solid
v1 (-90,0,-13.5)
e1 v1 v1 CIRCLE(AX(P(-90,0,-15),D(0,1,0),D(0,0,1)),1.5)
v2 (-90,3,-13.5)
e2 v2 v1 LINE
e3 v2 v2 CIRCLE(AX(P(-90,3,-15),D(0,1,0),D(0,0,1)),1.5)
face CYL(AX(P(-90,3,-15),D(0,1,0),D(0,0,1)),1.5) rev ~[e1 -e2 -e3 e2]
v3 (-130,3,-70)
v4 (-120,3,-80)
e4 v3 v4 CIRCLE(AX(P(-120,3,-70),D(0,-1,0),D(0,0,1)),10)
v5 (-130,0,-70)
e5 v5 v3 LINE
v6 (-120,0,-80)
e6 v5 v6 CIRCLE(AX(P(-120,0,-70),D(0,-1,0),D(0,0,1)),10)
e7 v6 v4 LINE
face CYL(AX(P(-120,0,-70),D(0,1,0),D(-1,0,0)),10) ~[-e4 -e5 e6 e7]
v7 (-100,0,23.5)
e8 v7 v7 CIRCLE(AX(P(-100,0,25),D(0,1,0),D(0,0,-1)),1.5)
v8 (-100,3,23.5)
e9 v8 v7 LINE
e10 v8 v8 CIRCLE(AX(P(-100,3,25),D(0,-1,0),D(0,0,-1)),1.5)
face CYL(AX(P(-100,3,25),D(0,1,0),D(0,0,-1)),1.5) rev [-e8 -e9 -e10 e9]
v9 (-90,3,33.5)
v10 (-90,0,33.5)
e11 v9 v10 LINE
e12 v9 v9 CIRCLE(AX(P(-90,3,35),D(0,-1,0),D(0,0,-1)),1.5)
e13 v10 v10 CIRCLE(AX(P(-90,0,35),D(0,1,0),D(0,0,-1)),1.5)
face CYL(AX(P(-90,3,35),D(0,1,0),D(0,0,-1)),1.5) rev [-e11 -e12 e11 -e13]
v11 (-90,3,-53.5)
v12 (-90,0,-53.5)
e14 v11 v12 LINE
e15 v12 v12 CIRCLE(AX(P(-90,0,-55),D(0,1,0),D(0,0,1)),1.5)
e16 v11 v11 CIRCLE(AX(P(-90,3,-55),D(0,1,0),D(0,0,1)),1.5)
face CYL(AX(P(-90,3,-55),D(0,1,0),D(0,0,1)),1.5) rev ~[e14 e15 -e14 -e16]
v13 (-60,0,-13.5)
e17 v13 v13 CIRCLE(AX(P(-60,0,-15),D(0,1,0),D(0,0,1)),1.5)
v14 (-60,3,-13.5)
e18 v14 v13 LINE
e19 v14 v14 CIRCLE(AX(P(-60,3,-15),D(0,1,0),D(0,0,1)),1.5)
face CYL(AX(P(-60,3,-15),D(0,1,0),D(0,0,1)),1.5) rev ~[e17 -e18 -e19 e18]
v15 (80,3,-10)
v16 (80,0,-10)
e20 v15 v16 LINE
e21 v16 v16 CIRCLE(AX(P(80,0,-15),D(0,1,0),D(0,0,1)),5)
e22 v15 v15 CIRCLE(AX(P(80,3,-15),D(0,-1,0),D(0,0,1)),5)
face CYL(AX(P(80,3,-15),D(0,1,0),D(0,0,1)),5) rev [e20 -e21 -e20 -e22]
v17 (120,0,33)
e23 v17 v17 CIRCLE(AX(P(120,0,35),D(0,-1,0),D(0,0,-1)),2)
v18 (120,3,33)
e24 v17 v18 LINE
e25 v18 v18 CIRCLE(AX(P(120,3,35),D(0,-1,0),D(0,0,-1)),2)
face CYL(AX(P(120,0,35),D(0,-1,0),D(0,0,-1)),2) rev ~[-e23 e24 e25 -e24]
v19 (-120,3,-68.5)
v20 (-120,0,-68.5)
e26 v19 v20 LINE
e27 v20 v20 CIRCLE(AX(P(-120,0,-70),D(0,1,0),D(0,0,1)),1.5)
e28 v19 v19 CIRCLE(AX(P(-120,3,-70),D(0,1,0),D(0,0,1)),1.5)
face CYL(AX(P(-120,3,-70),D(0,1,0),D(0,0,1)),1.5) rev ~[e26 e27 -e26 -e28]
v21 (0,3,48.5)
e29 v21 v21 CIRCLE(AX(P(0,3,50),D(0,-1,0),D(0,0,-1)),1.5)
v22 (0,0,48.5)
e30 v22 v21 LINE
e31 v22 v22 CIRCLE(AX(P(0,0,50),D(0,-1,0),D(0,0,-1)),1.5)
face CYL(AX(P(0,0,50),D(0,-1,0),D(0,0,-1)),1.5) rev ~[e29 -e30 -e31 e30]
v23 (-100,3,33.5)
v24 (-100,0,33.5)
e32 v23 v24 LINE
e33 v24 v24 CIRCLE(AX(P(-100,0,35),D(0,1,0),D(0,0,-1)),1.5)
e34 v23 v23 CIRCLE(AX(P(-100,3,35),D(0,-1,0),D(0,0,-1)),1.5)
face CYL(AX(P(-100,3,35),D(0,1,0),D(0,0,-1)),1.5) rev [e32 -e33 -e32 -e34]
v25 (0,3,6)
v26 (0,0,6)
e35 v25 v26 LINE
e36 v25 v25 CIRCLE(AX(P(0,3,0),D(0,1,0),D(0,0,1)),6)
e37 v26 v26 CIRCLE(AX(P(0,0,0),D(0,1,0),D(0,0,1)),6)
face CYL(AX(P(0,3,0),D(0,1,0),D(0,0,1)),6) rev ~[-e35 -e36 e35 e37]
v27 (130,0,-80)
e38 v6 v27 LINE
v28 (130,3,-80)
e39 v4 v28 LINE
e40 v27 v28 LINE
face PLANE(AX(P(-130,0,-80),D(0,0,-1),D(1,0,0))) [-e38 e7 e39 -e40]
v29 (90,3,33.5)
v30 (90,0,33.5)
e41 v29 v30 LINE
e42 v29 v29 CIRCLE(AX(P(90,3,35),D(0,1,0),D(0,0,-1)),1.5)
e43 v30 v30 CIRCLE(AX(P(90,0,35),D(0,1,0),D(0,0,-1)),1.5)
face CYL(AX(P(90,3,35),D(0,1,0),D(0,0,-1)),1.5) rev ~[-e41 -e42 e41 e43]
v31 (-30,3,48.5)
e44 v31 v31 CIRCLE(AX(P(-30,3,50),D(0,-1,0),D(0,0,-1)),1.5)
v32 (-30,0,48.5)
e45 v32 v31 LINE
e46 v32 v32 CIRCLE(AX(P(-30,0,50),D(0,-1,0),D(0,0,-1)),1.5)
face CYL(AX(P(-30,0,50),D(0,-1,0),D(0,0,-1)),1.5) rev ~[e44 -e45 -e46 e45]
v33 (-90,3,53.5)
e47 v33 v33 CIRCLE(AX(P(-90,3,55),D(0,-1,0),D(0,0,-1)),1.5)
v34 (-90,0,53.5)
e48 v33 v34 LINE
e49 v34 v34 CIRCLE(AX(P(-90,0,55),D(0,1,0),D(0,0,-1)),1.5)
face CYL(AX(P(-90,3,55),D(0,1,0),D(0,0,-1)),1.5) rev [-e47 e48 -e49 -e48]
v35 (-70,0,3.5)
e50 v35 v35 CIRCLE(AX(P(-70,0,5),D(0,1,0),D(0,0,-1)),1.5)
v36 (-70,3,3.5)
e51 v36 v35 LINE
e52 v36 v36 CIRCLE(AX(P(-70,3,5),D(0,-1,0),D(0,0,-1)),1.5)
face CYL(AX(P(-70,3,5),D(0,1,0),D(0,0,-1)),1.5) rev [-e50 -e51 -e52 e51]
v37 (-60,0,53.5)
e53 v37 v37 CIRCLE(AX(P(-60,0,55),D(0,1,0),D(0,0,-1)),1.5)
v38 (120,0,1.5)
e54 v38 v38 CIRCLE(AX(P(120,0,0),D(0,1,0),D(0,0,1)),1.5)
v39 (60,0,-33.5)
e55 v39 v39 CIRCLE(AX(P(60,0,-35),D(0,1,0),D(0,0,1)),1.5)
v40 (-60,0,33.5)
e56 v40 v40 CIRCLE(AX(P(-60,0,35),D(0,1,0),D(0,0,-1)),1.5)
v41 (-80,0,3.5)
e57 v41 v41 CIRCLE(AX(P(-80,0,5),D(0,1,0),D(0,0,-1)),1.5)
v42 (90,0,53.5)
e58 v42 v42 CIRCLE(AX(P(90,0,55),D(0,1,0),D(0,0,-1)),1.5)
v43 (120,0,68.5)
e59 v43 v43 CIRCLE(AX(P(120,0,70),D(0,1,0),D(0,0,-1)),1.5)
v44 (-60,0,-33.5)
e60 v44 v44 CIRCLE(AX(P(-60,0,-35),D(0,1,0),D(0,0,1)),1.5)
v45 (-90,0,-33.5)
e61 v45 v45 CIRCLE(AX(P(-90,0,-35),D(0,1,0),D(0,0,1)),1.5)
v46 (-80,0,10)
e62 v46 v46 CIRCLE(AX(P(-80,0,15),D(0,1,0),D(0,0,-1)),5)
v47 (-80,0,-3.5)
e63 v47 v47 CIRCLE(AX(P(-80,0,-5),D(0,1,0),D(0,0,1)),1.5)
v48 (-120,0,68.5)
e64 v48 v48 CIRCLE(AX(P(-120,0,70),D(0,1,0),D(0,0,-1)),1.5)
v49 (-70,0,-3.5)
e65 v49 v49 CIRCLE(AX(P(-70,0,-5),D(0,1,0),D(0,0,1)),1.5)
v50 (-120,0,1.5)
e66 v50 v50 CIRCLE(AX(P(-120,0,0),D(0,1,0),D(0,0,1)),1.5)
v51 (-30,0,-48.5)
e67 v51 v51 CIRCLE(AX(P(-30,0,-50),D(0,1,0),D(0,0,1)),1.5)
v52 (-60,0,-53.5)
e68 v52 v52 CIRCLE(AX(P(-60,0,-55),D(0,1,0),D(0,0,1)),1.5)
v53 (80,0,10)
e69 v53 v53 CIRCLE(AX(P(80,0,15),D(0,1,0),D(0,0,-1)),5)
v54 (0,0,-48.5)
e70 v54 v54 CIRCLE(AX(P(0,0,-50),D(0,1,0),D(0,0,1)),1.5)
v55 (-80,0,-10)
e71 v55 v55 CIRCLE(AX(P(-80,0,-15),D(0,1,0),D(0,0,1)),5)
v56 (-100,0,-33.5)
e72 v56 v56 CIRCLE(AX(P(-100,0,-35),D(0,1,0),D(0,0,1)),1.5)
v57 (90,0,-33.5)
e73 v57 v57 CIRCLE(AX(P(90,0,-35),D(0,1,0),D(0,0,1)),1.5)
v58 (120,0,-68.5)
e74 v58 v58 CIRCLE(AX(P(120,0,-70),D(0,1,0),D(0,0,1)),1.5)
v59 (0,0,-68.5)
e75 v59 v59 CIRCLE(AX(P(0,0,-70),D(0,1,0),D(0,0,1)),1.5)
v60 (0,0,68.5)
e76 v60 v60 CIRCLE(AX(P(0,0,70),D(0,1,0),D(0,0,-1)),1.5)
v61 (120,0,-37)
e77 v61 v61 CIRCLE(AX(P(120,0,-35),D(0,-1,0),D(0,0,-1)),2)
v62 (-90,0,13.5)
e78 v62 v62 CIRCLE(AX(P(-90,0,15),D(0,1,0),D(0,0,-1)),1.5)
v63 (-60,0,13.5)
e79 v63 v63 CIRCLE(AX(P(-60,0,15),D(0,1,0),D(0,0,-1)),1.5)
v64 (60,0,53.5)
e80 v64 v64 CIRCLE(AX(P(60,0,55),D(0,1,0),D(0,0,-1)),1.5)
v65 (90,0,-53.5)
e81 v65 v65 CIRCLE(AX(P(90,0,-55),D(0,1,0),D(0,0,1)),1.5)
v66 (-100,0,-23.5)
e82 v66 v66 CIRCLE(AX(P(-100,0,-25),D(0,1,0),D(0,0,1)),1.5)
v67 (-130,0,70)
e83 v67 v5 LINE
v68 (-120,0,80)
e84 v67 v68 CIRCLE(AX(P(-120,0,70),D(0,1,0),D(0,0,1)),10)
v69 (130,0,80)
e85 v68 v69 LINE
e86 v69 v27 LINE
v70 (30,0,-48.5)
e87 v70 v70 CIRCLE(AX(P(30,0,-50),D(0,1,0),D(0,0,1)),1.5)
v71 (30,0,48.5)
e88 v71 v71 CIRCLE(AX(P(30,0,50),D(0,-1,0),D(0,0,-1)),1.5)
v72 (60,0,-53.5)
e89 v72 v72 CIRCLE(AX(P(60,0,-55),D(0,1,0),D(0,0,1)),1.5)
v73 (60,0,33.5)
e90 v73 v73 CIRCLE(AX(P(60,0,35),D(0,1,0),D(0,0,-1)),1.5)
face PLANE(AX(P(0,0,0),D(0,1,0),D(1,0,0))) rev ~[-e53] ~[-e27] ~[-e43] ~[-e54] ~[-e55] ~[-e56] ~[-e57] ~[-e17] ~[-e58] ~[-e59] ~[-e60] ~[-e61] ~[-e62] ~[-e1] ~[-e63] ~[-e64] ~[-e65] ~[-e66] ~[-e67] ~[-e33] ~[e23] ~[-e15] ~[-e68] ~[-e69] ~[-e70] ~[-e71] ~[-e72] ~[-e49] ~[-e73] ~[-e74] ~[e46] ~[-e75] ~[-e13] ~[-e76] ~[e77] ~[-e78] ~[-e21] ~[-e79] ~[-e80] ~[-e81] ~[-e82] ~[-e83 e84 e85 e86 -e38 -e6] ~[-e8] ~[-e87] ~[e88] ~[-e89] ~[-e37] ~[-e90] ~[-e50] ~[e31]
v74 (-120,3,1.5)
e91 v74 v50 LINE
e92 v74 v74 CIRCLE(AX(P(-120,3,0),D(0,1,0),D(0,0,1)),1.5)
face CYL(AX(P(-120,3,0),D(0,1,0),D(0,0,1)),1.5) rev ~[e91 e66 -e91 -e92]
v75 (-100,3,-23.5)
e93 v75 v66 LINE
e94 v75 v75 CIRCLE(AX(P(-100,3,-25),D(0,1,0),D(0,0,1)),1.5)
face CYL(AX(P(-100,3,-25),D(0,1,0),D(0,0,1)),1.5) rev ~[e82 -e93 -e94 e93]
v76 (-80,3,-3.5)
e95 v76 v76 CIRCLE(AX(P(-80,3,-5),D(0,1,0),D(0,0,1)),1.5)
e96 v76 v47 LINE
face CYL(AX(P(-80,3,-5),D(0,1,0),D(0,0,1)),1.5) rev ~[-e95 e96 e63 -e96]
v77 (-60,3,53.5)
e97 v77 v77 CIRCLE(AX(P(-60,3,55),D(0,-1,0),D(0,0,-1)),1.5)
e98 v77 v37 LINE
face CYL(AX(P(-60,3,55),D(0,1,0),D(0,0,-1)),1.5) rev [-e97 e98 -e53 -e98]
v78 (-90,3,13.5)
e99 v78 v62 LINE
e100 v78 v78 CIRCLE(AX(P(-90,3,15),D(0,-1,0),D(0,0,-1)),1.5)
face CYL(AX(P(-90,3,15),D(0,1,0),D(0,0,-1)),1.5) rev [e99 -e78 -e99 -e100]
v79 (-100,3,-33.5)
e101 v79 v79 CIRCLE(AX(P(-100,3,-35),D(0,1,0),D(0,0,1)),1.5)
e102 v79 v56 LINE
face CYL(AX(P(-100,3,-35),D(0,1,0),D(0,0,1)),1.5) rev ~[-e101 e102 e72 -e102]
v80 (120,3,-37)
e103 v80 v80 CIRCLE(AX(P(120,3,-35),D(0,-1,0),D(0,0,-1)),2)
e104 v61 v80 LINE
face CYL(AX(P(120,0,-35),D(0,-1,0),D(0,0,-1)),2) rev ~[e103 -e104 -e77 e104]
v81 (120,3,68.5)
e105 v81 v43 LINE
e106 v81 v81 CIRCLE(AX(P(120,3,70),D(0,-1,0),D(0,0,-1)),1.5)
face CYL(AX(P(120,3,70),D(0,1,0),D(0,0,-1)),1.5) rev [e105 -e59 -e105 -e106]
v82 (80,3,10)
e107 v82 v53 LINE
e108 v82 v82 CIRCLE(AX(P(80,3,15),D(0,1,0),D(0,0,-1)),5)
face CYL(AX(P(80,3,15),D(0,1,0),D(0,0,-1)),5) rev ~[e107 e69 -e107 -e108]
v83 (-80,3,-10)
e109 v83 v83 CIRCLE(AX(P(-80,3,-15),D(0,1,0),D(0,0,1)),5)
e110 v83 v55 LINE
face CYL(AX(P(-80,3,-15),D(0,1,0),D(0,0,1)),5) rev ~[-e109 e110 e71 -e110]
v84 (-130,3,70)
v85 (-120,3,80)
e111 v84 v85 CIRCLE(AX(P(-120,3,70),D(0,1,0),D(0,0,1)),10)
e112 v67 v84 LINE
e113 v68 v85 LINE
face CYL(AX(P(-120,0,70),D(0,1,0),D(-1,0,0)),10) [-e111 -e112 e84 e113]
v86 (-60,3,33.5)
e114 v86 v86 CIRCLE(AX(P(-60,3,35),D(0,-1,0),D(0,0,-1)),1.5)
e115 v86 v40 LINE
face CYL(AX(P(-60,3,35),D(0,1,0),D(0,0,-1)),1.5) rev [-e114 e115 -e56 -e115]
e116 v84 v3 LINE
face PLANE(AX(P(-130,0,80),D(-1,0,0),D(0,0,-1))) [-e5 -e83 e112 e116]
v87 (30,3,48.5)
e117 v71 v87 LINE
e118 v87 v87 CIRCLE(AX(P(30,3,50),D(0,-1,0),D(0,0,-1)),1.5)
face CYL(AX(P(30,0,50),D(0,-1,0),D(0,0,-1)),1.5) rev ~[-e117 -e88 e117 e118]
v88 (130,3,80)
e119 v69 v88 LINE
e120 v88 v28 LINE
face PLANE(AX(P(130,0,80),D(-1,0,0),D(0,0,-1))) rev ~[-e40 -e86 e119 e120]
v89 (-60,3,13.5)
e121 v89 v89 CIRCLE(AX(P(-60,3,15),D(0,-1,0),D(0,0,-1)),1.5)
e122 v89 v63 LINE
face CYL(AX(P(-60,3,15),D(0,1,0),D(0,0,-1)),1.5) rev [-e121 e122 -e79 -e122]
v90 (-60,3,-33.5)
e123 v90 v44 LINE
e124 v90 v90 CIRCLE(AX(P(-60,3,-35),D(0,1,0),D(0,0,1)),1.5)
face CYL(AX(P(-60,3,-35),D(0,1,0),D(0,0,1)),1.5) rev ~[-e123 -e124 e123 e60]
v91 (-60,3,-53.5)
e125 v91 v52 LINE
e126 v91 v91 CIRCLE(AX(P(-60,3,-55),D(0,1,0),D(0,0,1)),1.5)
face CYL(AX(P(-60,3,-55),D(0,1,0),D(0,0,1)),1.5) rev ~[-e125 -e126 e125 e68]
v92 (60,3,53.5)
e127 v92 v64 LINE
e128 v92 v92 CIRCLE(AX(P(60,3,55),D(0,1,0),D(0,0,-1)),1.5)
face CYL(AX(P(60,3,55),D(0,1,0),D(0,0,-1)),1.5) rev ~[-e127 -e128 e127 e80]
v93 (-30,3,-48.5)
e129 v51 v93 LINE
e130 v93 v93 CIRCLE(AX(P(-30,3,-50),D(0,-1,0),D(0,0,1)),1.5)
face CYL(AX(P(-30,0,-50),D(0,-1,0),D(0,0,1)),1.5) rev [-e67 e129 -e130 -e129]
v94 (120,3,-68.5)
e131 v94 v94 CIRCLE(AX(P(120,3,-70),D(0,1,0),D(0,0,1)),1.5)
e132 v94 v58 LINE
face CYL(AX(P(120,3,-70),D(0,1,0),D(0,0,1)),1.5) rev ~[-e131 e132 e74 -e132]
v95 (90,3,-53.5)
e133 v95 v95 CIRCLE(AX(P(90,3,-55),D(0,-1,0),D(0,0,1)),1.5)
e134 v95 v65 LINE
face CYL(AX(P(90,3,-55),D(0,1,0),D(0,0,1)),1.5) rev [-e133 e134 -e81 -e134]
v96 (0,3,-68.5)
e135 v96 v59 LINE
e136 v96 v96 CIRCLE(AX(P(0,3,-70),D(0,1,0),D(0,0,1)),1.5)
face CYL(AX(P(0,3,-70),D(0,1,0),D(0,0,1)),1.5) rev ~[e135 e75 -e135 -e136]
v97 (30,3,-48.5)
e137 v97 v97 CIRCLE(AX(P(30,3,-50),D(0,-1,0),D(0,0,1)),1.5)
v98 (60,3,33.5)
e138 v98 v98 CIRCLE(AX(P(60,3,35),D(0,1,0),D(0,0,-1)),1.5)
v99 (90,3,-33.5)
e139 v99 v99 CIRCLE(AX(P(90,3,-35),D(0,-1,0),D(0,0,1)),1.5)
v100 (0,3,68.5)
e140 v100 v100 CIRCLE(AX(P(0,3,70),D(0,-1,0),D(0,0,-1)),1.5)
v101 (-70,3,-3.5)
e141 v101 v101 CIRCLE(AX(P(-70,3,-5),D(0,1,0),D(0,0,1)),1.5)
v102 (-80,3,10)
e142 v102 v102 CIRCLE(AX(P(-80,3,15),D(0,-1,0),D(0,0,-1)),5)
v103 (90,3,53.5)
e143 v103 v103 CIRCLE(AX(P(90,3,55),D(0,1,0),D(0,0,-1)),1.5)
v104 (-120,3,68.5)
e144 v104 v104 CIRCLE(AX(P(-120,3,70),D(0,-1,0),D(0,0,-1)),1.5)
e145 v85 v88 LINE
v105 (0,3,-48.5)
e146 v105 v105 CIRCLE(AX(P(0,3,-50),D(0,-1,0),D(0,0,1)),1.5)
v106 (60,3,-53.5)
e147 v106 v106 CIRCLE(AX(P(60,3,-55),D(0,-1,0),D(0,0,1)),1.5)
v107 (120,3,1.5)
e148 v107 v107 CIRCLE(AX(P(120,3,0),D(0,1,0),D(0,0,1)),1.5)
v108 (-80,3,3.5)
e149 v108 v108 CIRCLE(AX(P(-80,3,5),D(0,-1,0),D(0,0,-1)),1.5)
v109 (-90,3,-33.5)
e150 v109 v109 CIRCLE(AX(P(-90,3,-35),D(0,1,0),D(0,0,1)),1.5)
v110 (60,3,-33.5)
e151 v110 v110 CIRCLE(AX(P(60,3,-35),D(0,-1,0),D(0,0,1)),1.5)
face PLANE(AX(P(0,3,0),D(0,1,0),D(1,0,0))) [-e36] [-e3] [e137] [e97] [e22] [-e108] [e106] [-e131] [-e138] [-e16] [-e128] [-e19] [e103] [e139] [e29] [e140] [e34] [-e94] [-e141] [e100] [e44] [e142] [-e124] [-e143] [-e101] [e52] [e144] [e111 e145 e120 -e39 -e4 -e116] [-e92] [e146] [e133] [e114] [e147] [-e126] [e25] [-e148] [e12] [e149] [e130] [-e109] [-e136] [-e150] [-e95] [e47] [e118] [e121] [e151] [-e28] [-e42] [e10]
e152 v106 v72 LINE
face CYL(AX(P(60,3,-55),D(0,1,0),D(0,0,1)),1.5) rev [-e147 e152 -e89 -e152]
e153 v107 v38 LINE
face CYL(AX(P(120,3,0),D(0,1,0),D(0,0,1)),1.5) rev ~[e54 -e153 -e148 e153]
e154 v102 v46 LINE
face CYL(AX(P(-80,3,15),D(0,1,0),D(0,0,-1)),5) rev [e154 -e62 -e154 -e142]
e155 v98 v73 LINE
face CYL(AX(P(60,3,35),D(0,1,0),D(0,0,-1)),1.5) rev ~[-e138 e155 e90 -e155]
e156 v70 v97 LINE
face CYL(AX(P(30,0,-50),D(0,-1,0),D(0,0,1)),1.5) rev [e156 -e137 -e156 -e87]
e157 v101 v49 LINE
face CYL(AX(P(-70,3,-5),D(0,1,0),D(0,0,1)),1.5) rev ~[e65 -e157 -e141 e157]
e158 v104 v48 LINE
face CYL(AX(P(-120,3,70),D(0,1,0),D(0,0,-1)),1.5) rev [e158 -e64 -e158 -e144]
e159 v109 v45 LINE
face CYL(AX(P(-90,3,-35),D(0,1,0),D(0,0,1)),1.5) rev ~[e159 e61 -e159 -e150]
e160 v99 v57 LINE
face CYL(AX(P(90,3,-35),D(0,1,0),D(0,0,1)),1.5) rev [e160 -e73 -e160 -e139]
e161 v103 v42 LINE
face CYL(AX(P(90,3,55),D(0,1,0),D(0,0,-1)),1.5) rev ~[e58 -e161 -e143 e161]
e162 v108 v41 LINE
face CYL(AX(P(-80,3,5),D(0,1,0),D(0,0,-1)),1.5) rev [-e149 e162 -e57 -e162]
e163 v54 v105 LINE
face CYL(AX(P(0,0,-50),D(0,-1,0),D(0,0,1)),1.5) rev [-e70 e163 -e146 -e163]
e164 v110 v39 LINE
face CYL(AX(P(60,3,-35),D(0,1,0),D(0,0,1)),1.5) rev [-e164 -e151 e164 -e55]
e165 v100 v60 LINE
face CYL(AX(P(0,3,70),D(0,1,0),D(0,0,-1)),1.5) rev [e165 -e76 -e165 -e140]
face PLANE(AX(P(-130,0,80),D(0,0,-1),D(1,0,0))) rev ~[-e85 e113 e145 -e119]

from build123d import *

# Parameters (mm, degrees)
SKETCH_1_W                 = 260
SKETCH_1_H                 = 160
EXTRUDE_1_DEPTH            = 3
SKETCH_2_R                 = 1.5
SKETCH_2_R_2               = 5
CUT_EXTRUDE_1_DEPTH        = 10
MIRROR_2_COPY_1_SKETCH_R   = 1.5
MIRROR_2_COPY_1_SKETCH_R_2 = 5
MIRROR_2_COPY_1_DEPTH      = 10
SKETCH_3_R                 = 6
CUT_EXTRUDE_2_DEPTH        = 10
SKETCH_4_R                 = 1.5
CUT_EXTRUDE_3_DEPTH        = 10
SKETCH_5_R                 = 1.5
CUT_EXTRUDE_4_DEPTH        = 10
FILLET_1_R                 = 10
SKETCH_6_R                 = 1.5
CUT_EXTRUDE_5_DEPTH        = 10
SKETCH_7_R                 = 1.5
CUT_EXTRUDE_6_DEPTH        = 10
SKETCH_8_R                 = 2
CUT_EXTRUDE_7_DEPTH        = 153.672852859


with BuildPart() as part:
    # 草图1 → 凸台-拉伸1 (new body)
    with BuildSketch(Plane(origin=(0, 0, 0), x_dir=(1, 0, 0), z_dir=(0, 1, 0))):
        Rectangle(SKETCH_1_W, SKETCH_1_H)
    extrude(amount=EXTRUDE_1_DEPTH)

    # 草图2 → 切除-拉伸1 (cut)
    with BuildSketch(Plane(origin=(0, 3, 0), x_dir=(1, 0, 0), z_dir=(0, 1, 0))):
        with Locations(Location((-90, 55, 0), (0, 0, 270))):
            Circle(SKETCH_2_R)
        with Locations(Location((-60, 55, 0), (0, 0, 270))):
            Circle(SKETCH_2_R)
        with Locations(Location((-90, 35, 0), (0, 0, 270))):
            Circle(SKETCH_2_R)
        with Locations(Location((-60, 35, 0), (0, 0, 270))):
            Circle(SKETCH_2_R)
        with Locations(Location((-80, 15, 0), (0, 0, 270))):
            Circle(SKETCH_2_R_2)
    cut_extrude_1 = extrude(amount=-CUT_EXTRUDE_1_DEPTH, mode=Mode.SUBTRACT)

    # 镜向1: 切除-拉伸1 across plane
    add(cut_extrude_1.mirror(Plane.XY), mode=Mode.SUBTRACT)

    # 镜向2: 切除-拉伸1 across plane
    add(cut_extrude_1.mirror(Plane(origin=(0, 0, 0), x_dir=(0, 0, 1), z_dir=(1, 0, 0))), mode=Mode.SUBTRACT)

    # 镜向2 copy 1 sketch → 镜向2 copy 1 (cut)
    with BuildSketch(Plane(origin=(0, 3, 0), x_dir=(-1, 0, 0), z_dir=(0, 1, 0))):
        with Locations(Location((-90, 55, 0), (0, 0, 270))):
            Circle(MIRROR_2_COPY_1_SKETCH_R)
        with Locations(Location((-60, 55, 0), (0, 0, 270))):
            Circle(MIRROR_2_COPY_1_SKETCH_R)
        with Locations(Location((-90, 35, 0), (0, 0, 270))):
            Circle(MIRROR_2_COPY_1_SKETCH_R)
        with Locations(Location((-60, 35, 0), (0, 0, 270))):
            Circle(MIRROR_2_COPY_1_SKETCH_R)
        with Locations(Location((-80, 15, 0), (0, 0, 270))):
            Circle(MIRROR_2_COPY_1_SKETCH_R_2)
    extrude(amount=-MIRROR_2_COPY_1_DEPTH, mode=Mode.SUBTRACT)

    # 草图3 → 切除-拉伸2 (cut)
    with BuildSketch(Plane(origin=(0, 3, 0), x_dir=(1, 0, 0), z_dir=(0, 1, 0))):
        with Locations(Location((0, 0, 0), (0, 0, 270))):
            Circle(SKETCH_3_R)
    extrude(amount=-CUT_EXTRUDE_2_DEPTH, mode=Mode.SUBTRACT)

    # 草图4 → 切除-拉伸3 (cut)
    with BuildSketch(Plane.XZ):
        with Locations(Location((0, 50, 0), (0, 0, 270))):
            Circle(SKETCH_4_R)
        with Locations(Location((-30, 50, 0), (0, 0, 270))):
            Circle(SKETCH_4_R)
        with Locations(Location((30, 50, 0), (0, 0, 270))):
            Circle(SKETCH_4_R)
    cut_extrude_3 = extrude(amount=-CUT_EXTRUDE_3_DEPTH, mode=Mode.SUBTRACT)

    # 镜向3: 切除-拉伸3 across plane
    add(cut_extrude_3.mirror(Plane.XY), mode=Mode.SUBTRACT)

    # 草图5 → 切除-拉伸4 (cut)
    with BuildSketch(Plane(origin=(0, 3, 0), x_dir=(1, 0, 0), z_dir=(0, 1, 0))):
        with Locations(Location((-80, 5, 0), (0, 0, 270))):
            Circle(SKETCH_5_R)
        with Locations(Location((-70, 5, 0), (0, 0, 270))):
            Circle(SKETCH_5_R)
        with Locations(Location((-90, 15, 0), (0, 0, 270))):
            Circle(SKETCH_5_R)
        with Locations(Location((-60, 15, 0), (0, 0, 270))):
            Circle(SKETCH_5_R)
        with Locations(Location((-100, 25, 0), (0, 0, 270))):
            Circle(SKETCH_5_R)
        with Locations(Location((-100, 35, 0), (0, 0, 270))):
            Circle(SKETCH_5_R)
    cut_extrude_4 = extrude(amount=-CUT_EXTRUDE_4_DEPTH, mode=Mode.SUBTRACT)

    # 镜向4: 切除-拉伸4 across plane
    add(cut_extrude_4.mirror(Plane.XY), mode=Mode.SUBTRACT)

    # 圆角1
    fillet_1_edges = [part.edges().sort_by_distance(p)[0] for p in [
        (-130, 1.5, -80),
        (-130, 1.5, 80),
    ]]
    fillet(fillet_1_edges, radius=FILLET_1_R)

    # 草图6 → 切除-拉伸5 (cut)
    with BuildSketch(Plane(origin=(0, 3, 0), x_dir=(1, 0, 0), z_dir=(0, 1, 0))):
        with Locations(Location((-120, 70, 0), (0, 0, 270))):
            Circle(SKETCH_6_R)
        with Locations(Location((0, 70, 0), (0, 0, 270))):
            Circle(SKETCH_6_R)
        with Locations(Location((120, 70, 0), (0, 0, 270))):
            Circle(SKETCH_6_R)
    cut_extrude_5 = extrude(amount=-CUT_EXTRUDE_5_DEPTH, mode=Mode.SUBTRACT)

    # 镜向5: 切除-拉伸5 across plane
    add(cut_extrude_5.mirror(Plane.XY), mode=Mode.SUBTRACT)

    # 草图7 → 切除-拉伸6 (cut)
    with BuildSketch(Plane(origin=(0, 3, 0), x_dir=(1, 0, 0), z_dir=(0, 1, 0))):
        with Locations(Location((-120, 0, 0), (0, 0, 270))):
            Circle(SKETCH_7_R)
        with Locations(Location((120, 0, 0), (0, 0, 270))):
            Circle(SKETCH_7_R)
    extrude(amount=-CUT_EXTRUDE_6_DEPTH, mode=Mode.SUBTRACT)

    # 草图8 → 切除-拉伸7 (cut, through all)
    with BuildSketch(Plane(origin=(0, 0, 0), x_dir=(-1, 0, 0), z_dir=(0, -1, 0))):
        with Locations(Location((-120, 35, 0), (0, 0, 90))):
            Circle(SKETCH_8_R)
        with Locations(Location((-120, -35, 0), (0, 0, 90))):
            Circle(SKETCH_8_R)
    extrude(amount=-CUT_EXTRUDE_7_DEPTH, mode=Mode.SUBTRACT)


solid = part.part
